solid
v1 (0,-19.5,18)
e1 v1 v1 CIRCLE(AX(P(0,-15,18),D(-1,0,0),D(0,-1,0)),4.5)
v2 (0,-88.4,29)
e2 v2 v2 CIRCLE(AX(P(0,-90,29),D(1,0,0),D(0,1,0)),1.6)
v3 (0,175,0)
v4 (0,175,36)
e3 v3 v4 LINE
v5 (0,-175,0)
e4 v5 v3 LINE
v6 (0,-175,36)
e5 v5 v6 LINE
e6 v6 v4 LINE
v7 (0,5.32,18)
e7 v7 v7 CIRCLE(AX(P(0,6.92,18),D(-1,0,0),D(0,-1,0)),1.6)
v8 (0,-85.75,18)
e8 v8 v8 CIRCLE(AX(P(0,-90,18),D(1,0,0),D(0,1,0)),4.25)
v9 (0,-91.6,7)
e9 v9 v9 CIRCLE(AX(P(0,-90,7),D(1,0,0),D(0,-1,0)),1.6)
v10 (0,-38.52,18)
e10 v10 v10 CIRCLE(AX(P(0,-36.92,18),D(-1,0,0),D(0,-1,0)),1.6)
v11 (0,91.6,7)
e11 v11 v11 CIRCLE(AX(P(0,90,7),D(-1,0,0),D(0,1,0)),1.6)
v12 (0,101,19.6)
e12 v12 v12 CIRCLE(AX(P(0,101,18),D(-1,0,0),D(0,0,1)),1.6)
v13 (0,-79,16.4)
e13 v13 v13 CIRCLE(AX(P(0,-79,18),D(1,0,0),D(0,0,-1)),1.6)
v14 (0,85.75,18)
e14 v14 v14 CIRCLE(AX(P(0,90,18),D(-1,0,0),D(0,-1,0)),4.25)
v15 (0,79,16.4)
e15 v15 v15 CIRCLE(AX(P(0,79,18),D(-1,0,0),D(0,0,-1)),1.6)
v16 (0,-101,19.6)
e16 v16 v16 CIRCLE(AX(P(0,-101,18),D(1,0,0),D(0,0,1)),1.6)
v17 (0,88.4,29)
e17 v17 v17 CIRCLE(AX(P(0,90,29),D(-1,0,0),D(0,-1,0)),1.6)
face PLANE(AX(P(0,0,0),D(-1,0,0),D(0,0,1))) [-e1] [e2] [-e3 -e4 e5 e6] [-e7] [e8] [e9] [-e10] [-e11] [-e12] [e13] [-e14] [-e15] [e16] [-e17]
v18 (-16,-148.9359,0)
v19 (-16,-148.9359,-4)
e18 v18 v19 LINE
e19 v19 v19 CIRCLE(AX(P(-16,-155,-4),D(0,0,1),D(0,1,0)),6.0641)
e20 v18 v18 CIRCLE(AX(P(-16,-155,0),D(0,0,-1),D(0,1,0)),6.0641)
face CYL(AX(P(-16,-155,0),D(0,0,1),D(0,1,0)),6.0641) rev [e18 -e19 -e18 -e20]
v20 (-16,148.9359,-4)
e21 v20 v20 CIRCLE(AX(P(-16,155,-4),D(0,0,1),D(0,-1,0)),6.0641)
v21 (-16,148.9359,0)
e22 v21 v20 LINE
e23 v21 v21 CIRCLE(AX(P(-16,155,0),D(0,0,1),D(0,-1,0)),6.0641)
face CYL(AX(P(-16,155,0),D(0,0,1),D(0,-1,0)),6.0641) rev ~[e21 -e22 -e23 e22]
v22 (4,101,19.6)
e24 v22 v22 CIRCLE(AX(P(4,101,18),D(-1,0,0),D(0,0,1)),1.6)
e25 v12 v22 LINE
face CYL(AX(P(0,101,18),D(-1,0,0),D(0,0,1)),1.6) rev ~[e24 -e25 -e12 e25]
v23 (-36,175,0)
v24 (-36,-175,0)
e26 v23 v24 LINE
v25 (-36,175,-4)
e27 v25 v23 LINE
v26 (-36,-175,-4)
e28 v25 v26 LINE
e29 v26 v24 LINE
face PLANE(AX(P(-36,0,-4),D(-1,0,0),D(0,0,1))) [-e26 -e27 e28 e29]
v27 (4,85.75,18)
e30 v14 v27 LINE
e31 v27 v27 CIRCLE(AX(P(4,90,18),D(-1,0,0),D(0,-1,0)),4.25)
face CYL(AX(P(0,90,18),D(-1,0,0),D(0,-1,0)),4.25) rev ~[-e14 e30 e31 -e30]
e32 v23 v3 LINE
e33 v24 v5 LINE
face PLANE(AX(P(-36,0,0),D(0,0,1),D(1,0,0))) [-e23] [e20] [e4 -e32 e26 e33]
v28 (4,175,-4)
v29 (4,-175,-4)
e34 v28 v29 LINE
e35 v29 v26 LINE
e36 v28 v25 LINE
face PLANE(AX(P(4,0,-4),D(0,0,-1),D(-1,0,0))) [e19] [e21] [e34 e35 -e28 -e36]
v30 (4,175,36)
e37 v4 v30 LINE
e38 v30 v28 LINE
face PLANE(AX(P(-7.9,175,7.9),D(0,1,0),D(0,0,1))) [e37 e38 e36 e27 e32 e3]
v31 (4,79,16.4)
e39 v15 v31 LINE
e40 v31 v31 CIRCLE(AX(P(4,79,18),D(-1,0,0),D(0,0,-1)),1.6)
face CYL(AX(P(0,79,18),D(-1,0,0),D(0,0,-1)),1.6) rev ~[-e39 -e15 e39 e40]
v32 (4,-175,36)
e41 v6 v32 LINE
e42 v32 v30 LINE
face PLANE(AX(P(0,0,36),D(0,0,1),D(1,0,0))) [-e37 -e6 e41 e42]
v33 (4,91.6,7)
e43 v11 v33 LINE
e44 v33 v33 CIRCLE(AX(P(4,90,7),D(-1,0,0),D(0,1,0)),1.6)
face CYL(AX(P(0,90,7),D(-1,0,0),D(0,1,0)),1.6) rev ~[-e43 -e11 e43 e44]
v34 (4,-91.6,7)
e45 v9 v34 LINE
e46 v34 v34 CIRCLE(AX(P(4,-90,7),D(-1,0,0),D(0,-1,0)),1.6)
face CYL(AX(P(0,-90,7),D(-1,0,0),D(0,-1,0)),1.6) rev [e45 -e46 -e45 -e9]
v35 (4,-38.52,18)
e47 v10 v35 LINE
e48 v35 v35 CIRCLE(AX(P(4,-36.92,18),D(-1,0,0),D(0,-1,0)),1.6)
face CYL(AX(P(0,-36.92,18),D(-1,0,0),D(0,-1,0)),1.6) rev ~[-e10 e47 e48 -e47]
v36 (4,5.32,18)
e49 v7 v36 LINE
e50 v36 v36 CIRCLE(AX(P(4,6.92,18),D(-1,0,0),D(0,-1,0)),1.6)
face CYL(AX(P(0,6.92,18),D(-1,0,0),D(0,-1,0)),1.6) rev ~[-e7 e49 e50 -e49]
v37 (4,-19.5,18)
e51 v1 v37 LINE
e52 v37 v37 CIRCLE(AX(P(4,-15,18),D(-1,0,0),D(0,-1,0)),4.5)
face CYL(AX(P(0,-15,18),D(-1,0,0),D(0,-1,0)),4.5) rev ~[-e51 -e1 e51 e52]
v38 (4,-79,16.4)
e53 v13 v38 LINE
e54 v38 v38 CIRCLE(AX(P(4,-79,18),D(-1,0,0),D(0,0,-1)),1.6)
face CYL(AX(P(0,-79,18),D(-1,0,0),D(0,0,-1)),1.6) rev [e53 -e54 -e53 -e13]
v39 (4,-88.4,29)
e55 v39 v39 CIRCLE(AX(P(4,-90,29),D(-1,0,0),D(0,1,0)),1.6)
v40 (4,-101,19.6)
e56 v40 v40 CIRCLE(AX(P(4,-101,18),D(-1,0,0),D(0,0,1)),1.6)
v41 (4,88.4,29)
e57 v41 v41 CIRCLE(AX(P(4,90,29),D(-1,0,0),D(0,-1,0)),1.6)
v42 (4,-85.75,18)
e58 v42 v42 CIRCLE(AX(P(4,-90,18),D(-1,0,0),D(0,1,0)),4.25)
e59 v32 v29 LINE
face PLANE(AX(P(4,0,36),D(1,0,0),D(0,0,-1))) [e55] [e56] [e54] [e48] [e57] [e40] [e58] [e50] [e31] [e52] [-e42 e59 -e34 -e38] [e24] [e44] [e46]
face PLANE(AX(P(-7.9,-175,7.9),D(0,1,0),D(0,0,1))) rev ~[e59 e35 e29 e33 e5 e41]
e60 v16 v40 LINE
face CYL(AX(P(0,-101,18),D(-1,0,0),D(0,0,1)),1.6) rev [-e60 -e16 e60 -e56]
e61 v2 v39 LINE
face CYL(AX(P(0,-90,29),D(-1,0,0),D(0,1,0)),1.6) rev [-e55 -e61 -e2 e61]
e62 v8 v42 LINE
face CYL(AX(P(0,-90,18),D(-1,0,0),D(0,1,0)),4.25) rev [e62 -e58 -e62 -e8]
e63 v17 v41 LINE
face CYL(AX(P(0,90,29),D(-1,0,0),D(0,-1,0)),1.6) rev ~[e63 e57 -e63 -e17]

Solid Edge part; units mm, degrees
sketch "Sketch1" plane through (0, 0, 0) normal (0, -1, 0) x (1, 0, 0)
  line L0 (-36, 0) -> (0, 0)
  line L1 (0, 0) -> (0, 36)
  line L2 (0, 36) -> (4, 36)
  line L3 (4, 36) -> (4, -4)
  line L4 (4, -4) -> (-36, -4)
  line L5 (-36, -4) -> (-36, 0)
  dimension "D1" = 36
  dimension "D2" = 4
extrude "Protrusion1" add sketch "Sketch1" along normal mid plane 350
sketch "Sketch2" plane through (0, 136, 20) normal (-1, 0, 0) x (0, -1, 0)
  circle A0 centre (172.92, -2) radius 1.6
  circle A1 centre (151, -2) radius 4.5
  circle A2 centre (129.08, -2) radius 1.6
  dimension "D1" = 43.84
  dimension "D2" = 9
  dimension "D3" = 3.2
  dimension "D4" = 3.2
  dimension "D5" = 15
extrude "Cutout1" cut sketch "Sketch2" against normal through all
sketch "Sketch3" plane through (0, 136, 18) normal (-1, 0, 0) x (0, -1, 0)
  circle A0 centre (46, 0) radius 4.25
  dimension "D1" = 8.5
  dimension "D2" = 90
extrude "Cutout2" cut sketch "Sketch3" against normal through all
sketch "Sketch4" plane through (0, 136, 18) normal (-1, 0, 0) x (0, -1, 0)
  circle A0 centre (46, 11) radius 1.6
  dimension "D1" = 3.2
  dimension "D2" = 11
extrude "Cutout3" cut sketch "Sketch4" against normal through all
pattern_circular "Pattern1" count 4 over 360 about axis through (0, 90, 18) along (1, 0, 0) of "Cutout3"
mirror "Mirror1" about plane through (0, 0, 0) normal (0, -1, 0) of "Cutout2", "Cutout3", "Pattern1"
sketch "Sketch5" plane through (-18, 0, 0) normal (0, 0, 1) x (0, -1, 0)
  circle A0 centre (-155, 2) radius 6.0641
  dimension "D1" = 20
  dimension "D2" = 20
extrude "Cutout4" cut sketch "Sketch5" against normal through all
mirror "Mirror2" about plane through (0, 0, 0) normal (0, -1, 0) of "Cutout4"
properties material "Aluminium, 7075-T6"
